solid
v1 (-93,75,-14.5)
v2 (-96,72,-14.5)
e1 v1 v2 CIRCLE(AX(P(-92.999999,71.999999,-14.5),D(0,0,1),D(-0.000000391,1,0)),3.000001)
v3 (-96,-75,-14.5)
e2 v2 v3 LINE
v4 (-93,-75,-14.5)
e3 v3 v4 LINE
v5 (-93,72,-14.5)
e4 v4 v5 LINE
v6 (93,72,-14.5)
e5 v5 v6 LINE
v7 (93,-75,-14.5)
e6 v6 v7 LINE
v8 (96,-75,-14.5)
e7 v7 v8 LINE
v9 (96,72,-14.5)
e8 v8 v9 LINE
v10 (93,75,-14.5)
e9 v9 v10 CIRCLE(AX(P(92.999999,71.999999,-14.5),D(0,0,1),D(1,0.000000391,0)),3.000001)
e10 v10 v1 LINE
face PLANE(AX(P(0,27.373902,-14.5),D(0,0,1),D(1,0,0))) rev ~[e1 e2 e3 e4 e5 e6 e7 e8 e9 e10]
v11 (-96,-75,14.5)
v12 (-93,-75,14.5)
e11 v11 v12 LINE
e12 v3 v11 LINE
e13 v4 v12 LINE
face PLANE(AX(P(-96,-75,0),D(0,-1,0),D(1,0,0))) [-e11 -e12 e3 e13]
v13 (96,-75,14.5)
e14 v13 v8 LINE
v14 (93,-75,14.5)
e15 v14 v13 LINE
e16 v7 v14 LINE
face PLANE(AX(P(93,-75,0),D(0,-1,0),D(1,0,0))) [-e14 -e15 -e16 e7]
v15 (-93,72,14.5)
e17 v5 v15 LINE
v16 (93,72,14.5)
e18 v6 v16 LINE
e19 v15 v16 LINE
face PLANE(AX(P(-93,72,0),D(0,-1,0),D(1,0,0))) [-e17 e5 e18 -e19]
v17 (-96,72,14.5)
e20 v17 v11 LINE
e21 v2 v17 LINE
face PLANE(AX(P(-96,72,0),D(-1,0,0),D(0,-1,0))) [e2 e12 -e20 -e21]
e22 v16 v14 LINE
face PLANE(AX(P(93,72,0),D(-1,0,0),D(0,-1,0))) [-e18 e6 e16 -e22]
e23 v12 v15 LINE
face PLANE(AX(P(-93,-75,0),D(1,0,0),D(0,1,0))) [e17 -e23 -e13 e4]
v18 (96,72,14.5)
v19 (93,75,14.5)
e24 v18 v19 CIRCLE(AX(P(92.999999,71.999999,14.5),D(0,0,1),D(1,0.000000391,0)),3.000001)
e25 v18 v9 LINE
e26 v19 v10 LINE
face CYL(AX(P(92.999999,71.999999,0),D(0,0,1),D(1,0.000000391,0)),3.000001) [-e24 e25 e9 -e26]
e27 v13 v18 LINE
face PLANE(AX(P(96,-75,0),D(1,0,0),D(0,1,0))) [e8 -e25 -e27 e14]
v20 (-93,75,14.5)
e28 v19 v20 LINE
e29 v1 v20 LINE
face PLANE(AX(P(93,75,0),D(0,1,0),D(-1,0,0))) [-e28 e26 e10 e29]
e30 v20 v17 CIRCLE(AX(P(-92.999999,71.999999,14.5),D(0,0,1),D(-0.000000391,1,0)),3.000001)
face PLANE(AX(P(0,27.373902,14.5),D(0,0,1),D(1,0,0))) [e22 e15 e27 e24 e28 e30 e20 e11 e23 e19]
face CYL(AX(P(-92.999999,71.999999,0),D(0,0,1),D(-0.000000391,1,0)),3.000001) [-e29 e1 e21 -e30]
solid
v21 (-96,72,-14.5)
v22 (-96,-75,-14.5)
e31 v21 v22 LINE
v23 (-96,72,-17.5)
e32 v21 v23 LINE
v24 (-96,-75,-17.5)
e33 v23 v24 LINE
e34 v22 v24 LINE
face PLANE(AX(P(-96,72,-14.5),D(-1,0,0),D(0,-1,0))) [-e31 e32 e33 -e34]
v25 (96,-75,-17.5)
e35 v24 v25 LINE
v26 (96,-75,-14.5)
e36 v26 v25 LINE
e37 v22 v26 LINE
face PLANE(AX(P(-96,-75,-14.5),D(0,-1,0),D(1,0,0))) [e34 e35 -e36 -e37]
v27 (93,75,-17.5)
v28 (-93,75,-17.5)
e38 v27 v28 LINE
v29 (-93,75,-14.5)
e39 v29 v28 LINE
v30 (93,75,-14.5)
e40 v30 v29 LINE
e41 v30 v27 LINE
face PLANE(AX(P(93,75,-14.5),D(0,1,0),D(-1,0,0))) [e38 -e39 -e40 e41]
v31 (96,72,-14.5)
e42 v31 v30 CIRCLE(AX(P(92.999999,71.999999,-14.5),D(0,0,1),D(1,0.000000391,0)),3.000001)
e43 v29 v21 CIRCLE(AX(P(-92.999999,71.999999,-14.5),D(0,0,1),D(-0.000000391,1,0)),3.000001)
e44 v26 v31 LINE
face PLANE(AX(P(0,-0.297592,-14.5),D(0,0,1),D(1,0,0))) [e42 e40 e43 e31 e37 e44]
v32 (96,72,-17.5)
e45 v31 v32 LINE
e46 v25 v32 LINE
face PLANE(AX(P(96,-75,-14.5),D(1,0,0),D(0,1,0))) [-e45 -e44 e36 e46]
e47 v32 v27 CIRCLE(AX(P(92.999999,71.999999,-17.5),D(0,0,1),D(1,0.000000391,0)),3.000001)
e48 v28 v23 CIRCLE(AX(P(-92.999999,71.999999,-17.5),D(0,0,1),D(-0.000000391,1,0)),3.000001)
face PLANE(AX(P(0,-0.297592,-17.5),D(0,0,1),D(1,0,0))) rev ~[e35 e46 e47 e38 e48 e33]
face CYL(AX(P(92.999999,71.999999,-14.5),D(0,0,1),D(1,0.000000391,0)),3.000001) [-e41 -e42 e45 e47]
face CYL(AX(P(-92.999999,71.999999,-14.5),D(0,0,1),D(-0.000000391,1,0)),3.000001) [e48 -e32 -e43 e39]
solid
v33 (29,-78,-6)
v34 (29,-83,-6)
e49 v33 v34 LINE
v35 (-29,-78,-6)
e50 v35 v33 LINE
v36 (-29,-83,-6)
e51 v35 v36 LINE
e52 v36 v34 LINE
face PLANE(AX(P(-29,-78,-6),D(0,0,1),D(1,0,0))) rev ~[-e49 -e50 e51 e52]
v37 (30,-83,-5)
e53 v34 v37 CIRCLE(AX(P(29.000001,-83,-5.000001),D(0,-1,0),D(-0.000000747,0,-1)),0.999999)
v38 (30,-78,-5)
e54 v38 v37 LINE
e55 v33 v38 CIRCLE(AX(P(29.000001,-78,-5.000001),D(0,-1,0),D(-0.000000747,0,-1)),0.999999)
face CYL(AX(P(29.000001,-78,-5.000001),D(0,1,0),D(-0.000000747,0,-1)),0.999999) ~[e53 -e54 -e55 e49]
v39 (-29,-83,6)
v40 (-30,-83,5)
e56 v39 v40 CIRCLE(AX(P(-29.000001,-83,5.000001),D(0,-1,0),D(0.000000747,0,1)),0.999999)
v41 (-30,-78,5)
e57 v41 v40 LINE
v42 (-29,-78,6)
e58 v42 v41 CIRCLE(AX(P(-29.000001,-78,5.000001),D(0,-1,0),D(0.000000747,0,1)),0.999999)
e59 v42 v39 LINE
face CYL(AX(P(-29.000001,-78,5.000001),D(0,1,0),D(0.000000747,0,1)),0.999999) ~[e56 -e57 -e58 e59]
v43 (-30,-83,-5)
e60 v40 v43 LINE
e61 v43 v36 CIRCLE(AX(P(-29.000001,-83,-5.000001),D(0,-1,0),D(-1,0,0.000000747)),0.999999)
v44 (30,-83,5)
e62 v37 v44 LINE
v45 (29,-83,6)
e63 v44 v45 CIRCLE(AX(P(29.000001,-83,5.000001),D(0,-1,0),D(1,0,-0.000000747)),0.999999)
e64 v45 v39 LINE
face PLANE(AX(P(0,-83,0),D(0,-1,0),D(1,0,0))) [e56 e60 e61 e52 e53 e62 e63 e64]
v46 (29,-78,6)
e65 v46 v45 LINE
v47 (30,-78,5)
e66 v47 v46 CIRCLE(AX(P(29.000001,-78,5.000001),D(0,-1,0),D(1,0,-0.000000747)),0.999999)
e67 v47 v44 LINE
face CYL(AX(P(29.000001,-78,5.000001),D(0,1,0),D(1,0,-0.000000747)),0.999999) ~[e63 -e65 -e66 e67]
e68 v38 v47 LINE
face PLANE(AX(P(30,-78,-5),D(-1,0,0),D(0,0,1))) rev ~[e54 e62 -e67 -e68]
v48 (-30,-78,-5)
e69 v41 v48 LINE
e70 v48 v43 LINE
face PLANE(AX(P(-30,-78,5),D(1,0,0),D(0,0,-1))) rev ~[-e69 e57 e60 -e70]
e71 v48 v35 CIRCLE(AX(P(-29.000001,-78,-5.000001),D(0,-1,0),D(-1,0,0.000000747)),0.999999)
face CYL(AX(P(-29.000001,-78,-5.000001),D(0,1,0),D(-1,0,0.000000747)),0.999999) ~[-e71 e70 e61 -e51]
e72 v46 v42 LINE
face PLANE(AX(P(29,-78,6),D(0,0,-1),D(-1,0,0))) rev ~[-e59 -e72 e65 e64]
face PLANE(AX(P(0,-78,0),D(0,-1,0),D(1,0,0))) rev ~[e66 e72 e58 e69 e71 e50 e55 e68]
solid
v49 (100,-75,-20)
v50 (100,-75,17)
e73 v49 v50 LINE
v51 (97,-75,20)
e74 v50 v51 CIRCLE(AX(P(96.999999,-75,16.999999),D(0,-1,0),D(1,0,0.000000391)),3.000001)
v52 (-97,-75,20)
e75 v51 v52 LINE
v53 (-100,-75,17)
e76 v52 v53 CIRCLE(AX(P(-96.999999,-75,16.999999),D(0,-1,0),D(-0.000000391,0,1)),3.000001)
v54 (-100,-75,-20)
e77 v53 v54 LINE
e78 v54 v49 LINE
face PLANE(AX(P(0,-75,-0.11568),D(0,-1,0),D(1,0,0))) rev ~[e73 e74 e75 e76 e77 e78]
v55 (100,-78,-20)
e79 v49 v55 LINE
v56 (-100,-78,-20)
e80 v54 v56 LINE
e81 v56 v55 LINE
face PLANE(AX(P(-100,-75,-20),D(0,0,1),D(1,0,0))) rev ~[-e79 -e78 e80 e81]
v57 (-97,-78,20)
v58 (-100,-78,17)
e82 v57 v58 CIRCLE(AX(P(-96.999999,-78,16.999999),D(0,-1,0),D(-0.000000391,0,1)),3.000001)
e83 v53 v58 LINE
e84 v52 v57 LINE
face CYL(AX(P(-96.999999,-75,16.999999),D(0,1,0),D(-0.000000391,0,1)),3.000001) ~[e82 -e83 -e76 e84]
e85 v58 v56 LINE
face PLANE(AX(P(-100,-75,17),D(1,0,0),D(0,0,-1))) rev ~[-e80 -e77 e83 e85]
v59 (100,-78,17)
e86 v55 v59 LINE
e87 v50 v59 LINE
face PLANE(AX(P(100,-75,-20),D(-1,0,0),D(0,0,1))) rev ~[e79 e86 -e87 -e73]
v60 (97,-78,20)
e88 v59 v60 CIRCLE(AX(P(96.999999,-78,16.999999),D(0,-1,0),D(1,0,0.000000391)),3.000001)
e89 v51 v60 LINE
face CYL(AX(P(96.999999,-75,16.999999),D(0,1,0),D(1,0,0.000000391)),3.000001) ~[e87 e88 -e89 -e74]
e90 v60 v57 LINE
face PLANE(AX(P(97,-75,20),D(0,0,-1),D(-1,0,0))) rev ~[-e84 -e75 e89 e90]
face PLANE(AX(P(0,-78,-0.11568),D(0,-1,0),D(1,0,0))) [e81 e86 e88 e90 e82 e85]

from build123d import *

# Parameters (mm, degrees)
F1_DEPTH      = 14.5
F1_DEPTH_BACK = 14.5
F4_DEPTH      = 3
F7_DEPTH      = 3
F9_DEPTH      = 5


with BuildPart() as f1:
    # F0 (on Top) → F1 (new body, two sides)
    with BuildSketch(Plane.XY) as f1_sk:
        with BuildLine():
            Line((93, 75), (-93, 75))
            ThreePointArc((-93, 75), (-95.12132, 74.12132), (-96, 72))
            Line((-96, 72), (-96, -75))
            Line((-96, -75), (-93, -75))
            Line((-93, -75), (-93, 72))
            Line((-93, 72), (93, 72))
            Line((93, 72), (93, -75))
            Line((93, -75), (96, -75))
            Line((96, -75), (96, 72))
            ThreePointArc((96, 72), (95.12132, 74.12132), (93, 75))
        make_face()
    extrude(amount=F1_DEPTH)
    extrude(f1_sk.sketch, amount=-F1_DEPTH_BACK)


with BuildPart() as f4:
    # F3 (on offset) → F4 (new body)
    with BuildSketch(Plane.XZ.offset(75)):
        with BuildLine():
            Line((97, 20), (-97, 20))
            ThreePointArc((-97, 20), (-99.12132, 19.12132), (-100, 17))
            Line((-100, 17), (-100, -20))
            Line((-100, -20), (100, -20))
            Line((100, -20), (100, 17))
            ThreePointArc((100, 17), (99.12132, 19.12132), (97, 20))
        make_face()
    extrude(amount=F4_DEPTH)


with BuildPart() as f7:
    # F6 (on offset) → F7 (new body)
    with BuildSketch(Plane.XY.offset(-14.5)):
        with BuildLine():
            ThreePointArc((96, 72), (95.12132, 74.12132), (93, 75))
            Line((93, 75), (-93, 75))
            ThreePointArc((-93, 75), (-95.12132, 74.12132), (-96, 72))
            Line((-96, 72), (-96, -75))
            Line((-96, -75), (96, -75))
            Line((96, -75), (96, 72))
        make_face()
    extrude(amount=-F7_DEPTH)


with BuildPart() as f9:
    # F8 (on face) → F9 (new body)
    with BuildSketch(Plane.XZ.offset(78)):
        with BuildLine():
            ThreePointArc((30, 5), (29.707107, 5.707107), (29, 6))
            Line((29, 6), (-29, 6))
            ThreePointArc((-29, 6), (-29.707107, 5.707107), (-30, 5))
            Line((-30, 5), (-30, -5))
            ThreePointArc((-30, -5), (-29.707107, -5.707107), (-29, -6))
            Line((-29, -6), (29, -6))
            ThreePointArc((29, -6), (29.707107, -5.707107), (30, -5))
            Line((30, -5), (30, 5))
        make_face()
    extrude(amount=F9_DEPTH)


solid = Compound([f1.part, f4.part, f7.part, f9.part])
